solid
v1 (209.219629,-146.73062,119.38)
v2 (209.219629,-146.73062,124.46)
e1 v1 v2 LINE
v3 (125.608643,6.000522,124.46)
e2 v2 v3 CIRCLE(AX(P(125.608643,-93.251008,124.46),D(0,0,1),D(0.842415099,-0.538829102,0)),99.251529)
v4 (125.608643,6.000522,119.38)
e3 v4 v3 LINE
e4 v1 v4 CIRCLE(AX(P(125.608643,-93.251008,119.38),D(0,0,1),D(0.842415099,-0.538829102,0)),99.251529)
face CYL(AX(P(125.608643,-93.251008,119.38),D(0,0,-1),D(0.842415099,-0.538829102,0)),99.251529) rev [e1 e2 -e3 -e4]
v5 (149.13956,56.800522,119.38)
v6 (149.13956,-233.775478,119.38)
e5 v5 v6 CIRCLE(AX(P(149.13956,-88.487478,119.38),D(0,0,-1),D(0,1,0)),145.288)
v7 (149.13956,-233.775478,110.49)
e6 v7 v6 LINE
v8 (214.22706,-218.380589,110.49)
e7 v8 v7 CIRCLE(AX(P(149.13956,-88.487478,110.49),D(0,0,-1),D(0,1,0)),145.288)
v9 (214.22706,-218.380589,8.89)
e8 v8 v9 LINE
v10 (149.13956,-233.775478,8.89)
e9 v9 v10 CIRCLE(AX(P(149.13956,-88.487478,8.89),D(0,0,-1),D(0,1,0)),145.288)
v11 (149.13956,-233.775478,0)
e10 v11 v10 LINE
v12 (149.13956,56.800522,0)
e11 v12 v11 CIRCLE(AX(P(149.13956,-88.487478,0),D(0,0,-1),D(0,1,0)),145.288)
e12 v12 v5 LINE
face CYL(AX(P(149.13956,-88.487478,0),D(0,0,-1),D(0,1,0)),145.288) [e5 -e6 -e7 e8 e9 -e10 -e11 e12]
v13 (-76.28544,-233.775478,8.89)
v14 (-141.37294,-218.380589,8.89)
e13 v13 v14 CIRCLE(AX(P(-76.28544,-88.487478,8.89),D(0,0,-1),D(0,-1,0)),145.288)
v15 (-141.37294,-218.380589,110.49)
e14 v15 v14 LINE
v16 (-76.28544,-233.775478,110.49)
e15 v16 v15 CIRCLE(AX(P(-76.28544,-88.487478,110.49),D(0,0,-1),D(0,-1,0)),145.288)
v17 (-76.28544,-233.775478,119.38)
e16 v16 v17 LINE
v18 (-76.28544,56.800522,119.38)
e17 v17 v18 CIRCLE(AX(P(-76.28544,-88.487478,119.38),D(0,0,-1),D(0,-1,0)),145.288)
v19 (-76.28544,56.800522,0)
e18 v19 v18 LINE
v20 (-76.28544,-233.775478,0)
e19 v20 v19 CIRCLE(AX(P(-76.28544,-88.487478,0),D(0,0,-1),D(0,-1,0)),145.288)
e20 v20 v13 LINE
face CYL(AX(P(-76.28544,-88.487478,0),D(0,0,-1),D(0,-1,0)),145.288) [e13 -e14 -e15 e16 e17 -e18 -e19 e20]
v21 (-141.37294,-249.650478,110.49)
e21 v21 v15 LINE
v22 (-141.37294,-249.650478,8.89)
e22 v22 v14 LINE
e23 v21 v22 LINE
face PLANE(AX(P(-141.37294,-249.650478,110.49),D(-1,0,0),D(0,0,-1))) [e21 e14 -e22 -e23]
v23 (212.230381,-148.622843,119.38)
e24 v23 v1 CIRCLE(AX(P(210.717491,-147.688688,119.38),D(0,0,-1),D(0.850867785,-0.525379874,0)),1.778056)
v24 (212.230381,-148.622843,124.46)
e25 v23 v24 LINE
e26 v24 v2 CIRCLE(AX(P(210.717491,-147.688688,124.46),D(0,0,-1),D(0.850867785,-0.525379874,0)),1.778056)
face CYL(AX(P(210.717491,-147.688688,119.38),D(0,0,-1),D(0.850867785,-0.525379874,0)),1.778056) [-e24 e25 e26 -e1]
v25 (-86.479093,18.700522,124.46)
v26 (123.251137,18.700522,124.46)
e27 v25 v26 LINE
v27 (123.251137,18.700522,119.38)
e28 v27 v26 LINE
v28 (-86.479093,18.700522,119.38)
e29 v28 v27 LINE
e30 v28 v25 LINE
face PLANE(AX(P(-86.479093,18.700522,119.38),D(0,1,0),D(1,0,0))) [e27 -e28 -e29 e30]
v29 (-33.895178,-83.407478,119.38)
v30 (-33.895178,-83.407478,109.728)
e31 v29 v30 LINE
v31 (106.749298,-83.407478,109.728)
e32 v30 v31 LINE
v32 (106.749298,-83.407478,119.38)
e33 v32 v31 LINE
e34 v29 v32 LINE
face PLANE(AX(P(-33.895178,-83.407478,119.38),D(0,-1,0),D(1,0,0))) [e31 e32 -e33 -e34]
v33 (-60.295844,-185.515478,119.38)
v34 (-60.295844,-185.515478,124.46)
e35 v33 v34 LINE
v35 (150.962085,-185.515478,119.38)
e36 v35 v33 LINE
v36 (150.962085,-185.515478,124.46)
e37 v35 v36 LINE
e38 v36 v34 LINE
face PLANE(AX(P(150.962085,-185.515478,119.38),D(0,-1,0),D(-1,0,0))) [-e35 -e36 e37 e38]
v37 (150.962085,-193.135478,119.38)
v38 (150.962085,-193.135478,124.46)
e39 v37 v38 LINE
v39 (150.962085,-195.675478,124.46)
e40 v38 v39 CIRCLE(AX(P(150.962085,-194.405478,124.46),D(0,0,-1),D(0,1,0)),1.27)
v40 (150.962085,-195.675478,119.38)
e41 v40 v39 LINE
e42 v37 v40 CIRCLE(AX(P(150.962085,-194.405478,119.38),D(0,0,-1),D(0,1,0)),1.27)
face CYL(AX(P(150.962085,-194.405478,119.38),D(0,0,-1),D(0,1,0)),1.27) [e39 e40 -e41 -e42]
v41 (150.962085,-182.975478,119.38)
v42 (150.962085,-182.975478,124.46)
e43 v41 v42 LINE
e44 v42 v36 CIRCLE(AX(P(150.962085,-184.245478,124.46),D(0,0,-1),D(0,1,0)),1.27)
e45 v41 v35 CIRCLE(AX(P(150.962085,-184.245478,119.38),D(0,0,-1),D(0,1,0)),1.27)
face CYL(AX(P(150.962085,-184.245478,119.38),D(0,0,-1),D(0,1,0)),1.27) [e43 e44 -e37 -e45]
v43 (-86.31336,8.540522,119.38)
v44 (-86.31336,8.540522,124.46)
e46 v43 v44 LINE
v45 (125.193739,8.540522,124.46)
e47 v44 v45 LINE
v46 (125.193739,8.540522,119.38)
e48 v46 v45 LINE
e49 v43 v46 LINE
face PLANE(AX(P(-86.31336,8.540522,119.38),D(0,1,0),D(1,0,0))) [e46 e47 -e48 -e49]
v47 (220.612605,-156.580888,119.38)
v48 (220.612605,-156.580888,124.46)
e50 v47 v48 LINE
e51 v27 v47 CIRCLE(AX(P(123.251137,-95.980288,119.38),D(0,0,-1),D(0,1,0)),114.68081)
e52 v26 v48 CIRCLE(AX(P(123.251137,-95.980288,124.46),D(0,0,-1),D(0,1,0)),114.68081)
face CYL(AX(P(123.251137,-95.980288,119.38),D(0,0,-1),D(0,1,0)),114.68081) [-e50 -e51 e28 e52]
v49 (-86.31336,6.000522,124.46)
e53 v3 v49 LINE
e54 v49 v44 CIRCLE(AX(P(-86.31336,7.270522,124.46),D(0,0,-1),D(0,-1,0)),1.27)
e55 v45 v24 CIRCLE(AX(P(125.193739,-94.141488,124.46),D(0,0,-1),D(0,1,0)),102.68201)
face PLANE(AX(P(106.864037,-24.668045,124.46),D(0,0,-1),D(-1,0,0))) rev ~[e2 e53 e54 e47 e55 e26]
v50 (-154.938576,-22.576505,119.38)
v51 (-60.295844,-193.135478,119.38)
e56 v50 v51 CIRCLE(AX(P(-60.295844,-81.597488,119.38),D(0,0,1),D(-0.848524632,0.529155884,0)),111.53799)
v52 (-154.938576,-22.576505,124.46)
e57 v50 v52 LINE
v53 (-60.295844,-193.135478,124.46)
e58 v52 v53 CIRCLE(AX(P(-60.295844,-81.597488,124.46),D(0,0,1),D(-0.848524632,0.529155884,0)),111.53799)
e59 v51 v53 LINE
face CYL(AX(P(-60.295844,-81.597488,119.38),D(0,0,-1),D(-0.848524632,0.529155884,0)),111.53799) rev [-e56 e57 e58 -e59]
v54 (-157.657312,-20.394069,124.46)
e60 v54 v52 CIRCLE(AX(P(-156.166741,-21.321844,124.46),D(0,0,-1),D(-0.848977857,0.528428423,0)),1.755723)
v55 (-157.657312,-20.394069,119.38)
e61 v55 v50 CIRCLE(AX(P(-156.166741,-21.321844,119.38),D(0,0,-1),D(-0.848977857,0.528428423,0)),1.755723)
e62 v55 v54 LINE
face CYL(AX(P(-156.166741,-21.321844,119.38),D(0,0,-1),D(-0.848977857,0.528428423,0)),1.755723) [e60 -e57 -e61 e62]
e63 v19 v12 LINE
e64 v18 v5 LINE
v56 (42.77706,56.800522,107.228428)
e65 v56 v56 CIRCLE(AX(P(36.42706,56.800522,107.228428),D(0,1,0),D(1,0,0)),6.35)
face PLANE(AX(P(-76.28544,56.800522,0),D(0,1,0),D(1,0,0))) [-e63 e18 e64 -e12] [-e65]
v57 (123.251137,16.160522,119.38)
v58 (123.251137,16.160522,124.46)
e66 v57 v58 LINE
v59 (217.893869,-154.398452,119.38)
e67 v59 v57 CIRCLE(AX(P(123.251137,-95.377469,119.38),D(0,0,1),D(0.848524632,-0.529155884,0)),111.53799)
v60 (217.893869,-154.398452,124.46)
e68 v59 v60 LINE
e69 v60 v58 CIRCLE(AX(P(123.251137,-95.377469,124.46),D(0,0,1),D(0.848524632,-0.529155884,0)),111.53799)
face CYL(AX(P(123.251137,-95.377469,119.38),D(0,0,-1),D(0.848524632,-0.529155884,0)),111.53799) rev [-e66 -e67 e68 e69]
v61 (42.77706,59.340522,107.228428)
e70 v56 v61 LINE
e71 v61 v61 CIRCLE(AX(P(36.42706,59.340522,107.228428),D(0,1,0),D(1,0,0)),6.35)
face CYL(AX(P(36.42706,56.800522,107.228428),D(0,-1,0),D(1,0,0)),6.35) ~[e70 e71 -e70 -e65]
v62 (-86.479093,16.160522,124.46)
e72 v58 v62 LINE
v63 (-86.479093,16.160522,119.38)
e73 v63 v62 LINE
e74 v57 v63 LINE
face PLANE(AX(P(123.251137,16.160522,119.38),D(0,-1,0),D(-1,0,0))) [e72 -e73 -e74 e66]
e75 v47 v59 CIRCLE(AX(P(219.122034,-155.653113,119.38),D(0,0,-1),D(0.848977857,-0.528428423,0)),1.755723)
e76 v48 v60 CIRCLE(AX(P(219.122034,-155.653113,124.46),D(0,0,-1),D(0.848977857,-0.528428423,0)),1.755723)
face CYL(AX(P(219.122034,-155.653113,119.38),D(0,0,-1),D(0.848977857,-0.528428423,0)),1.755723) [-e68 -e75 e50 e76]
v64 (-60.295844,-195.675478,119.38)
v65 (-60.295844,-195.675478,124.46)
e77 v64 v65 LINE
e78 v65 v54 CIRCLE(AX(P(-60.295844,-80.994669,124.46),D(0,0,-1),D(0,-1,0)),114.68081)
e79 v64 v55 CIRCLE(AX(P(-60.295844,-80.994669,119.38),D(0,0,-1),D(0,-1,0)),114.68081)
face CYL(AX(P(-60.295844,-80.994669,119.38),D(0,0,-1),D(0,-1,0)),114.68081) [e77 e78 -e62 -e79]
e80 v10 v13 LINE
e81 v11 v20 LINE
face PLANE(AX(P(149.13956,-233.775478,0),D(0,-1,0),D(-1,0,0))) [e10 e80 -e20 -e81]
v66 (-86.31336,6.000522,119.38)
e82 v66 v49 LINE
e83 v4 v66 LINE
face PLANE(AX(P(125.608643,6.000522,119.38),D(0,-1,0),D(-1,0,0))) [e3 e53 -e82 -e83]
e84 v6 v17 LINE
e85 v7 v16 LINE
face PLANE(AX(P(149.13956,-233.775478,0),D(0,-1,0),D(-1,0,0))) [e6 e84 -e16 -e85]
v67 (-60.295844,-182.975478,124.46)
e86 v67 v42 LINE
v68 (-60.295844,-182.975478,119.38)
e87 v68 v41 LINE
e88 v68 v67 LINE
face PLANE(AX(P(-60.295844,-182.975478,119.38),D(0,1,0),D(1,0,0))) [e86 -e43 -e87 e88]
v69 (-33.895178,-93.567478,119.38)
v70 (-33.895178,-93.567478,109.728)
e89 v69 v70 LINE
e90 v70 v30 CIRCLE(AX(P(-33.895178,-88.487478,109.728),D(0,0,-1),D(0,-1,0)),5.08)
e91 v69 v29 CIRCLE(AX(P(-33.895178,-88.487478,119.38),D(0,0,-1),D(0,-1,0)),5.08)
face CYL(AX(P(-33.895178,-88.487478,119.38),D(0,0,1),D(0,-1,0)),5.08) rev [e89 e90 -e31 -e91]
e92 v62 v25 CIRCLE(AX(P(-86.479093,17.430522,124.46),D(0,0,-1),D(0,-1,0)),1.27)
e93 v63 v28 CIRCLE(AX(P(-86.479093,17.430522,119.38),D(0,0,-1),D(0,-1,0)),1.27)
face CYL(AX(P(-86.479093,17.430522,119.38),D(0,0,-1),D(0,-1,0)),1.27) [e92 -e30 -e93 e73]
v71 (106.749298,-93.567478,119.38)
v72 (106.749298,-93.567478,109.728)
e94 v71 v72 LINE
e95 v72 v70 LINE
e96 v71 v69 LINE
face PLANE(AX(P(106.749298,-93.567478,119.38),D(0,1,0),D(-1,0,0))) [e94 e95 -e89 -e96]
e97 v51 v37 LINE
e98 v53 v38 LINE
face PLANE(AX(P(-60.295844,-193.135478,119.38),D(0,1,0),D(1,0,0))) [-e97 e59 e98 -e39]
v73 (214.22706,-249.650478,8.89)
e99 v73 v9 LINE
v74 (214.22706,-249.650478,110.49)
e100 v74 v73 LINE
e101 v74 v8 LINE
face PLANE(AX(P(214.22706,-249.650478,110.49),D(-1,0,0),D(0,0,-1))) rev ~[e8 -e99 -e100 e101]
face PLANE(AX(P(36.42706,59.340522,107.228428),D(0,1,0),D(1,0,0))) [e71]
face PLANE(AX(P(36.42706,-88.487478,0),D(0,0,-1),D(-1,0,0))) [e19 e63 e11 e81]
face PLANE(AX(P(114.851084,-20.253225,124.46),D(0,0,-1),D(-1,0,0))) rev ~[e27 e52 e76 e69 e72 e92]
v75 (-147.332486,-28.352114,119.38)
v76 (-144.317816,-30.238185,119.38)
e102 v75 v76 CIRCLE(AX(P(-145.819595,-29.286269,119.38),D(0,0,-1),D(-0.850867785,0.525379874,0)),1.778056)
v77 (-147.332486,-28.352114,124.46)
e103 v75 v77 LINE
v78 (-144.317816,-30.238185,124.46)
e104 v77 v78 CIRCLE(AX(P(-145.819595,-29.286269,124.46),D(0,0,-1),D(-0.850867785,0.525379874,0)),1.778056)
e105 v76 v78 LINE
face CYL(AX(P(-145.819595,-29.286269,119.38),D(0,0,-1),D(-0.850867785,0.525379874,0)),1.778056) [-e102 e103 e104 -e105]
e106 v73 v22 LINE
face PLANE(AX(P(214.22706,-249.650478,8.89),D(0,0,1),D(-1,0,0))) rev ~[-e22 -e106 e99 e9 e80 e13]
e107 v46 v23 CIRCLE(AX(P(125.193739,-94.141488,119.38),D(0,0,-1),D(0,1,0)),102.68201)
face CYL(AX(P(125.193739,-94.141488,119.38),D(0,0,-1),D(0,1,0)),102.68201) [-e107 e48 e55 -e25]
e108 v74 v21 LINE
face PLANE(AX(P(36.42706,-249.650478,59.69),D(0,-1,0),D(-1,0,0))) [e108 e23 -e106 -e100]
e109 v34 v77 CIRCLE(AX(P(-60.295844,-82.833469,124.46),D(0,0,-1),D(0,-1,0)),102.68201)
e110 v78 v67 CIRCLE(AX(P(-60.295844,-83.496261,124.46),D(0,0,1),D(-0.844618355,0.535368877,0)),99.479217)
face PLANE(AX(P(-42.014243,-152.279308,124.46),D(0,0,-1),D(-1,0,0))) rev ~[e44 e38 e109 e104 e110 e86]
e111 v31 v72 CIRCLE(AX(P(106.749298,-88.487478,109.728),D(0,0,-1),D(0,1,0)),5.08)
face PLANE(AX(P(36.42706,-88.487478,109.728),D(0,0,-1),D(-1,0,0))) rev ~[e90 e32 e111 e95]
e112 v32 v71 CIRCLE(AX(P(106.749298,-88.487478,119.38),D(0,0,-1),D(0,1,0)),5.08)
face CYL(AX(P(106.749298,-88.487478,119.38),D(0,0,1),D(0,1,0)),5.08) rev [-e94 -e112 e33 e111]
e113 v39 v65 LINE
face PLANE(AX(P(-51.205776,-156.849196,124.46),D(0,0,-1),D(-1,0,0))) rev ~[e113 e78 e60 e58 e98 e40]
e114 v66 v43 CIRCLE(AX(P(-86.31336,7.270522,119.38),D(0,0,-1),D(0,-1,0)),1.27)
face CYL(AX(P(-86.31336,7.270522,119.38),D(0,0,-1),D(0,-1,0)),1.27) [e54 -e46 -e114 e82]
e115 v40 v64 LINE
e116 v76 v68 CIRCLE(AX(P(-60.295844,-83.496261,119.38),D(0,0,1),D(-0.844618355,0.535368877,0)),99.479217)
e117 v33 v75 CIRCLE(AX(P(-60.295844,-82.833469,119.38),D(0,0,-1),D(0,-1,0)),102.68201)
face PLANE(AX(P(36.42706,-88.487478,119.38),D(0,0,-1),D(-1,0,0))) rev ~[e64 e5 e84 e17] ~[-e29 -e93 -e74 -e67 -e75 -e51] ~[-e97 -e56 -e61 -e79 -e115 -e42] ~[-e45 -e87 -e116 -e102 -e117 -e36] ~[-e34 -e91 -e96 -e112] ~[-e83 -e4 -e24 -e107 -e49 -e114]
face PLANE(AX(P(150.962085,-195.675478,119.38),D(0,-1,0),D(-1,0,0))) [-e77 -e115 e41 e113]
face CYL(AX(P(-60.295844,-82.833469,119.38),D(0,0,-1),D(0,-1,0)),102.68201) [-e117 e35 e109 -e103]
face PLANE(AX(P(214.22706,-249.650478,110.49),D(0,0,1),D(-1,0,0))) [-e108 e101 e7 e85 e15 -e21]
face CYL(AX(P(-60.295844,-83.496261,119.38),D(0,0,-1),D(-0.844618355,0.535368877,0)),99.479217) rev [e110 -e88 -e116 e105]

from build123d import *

# Parameters (mm, degrees)
BOSS_EXTRUDE1_DEPTH = 119.38
SKETCH2_W           = 355.6
SKETCH2_H           = 101.6
BOSS_EXTRUDE2_DEPTH = 44.958
CUT_EXTRUDE1_DEPTH  = 9.652
SKETCH4_R           = 6.35
BOSS_EXTRUDE3_DEPTH = 2.54
BOSS_EXTRUDE4_DEPTH = 5.08


with BuildPart() as part:
    # Sketch1 → Boss-Extrude1 (new body)
    with BuildSketch(Plane.XY):
        with BuildLine():
            Line((-76.285439921, 56.800521538), (149.139560079, 56.800521538))
            ThreePointArc((149.139560079, 56.800521538), (294.427560079, -88.487478462), (149.139560079, -233.775478462))
            Line((149.139560079, -233.775478462), (-76.285439921, -233.775478462))
            ThreePointArc((-76.285439921, -233.775478462), (-221.573439921, -88.487478462), (-76.285439921, 56.800521538))
        make_face()
    extrude(amount=BOSS_EXTRUDE1_DEPTH)

    # Sketch2 → Boss-Extrude2 (add)
    with BuildSketch(Plane(origin=(0, -249.650478462, 0), x_dir=(-1, 0, 0), z_dir=(0, -1, 0))):
        with Locations((-36.427060079, -59.69)):
            Rectangle(SKETCH2_W, SKETCH2_H)
    extrude(amount=-BOSS_EXTRUDE2_DEPTH)

    # Sketch3 → Cut-Extrude1 (cut)
    with BuildSketch(Plane.XY.offset(119.38)):
        with BuildLine():
            Line((-33.895177701, -83.407478462), (106.749297859, -83.407478462))
            ThreePointArc((106.749297859, -83.407478462), (111.829297859, -88.487478462), (106.749297859, -93.567478462))
            Line((106.749297859, -93.567478462), (-33.895177701, -93.567478462))
            ThreePointArc((-33.895177701, -93.567478462), (-38.975177701, -88.487478462), (-33.895177701, -83.407478462))
        make_face()
    extrude(amount=-CUT_EXTRUDE1_DEPTH, mode=Mode.SUBTRACT)

    # Sketch4 → Boss-Extrude3 (add)
    with BuildSketch(Plane(origin=(0, 56.800521538, 0), x_dir=(1, 0, 0), z_dir=(0, 1, 0))):
        with Locations((36.427060079, -107.228428284)):
            Circle(SKETCH4_R)
    extrude(amount=BOSS_EXTRUDE3_DEPTH)

    # Sketch5 → Boss-Extrude4 (add)
    with BuildSketch(Plane.XY.offset(119.38)):
        with BuildLine():
            Line((-86.479093302, 18.700521538), (123.251136742, 18.700521538))
            ThreePointArc((123.251136742, 18.700521538), (223.504350955, -40.293834211), (220.612604828, -156.580887552))
            ThreePointArc((220.612604828, -156.580887552), (218.022957646, -157.022271916), (217.893868774, -154.398452419))
            ThreePointArc((217.893868774, -154.398452419), (220.780120028, -41.258888911), (123.251136742, 16.160521538))
            Line((123.251136742, 16.160521538), (-86.479093302, 16.160521538))
            ThreePointArc((-86.479093302, 16.160521538), (-87.749093302, 17.430521538), (-86.479093302, 18.700521538))
        make_face()
        with BuildLine():
            Line((-86.313359517, 8.540521538), (125.193739137, 8.540521538))
            ThreePointArc((125.193739137, 8.540521538), (215.020934696, -44.395432513), (212.23038132, -148.622843039))
            ThreePointArc((212.23038132, -148.622843039), (209.771349214, -149.194111608), (209.219629388, -146.730619796))
            ThreePointArc((209.219629388, -146.730619796), (212.668390329, -45.591104409), (125.608642701, 6.000521538))
            Line((125.608642701, 6.000521538), (-86.313359517, 6.000521538))
            ThreePointArc((-86.313359517, 6.000521538), (-87.583359517, 7.270521538), (-86.313359517, 8.540521538))
        make_face()
        with BuildLine():
            Line((150.962085254, -185.515478462), (-60.295843622, -185.515478462))
            ThreePointArc((-60.295843622, -185.515478462), (-150.123039181, -132.579524411), (-147.332485805, -28.352113885))
            ThreePointArc((-147.332485805, -28.352113885), (-144.876543413, -27.778907884), (-144.317816359, -30.238184654))
            ThreePointArc((-144.317816359, -30.238184654), (-147.45714929, -131.444373213), (-60.295843622, -182.975478462))
            Line((-60.295843622, -182.975478462), (150.962085254, -182.975478462))
            ThreePointArc((150.962085254, -182.975478462), (152.232085254, -184.245478462), (150.962085254, -185.515478462))
        make_face()
        with BuildLine():
            Line((150.962085254, -195.675478462), (-60.295843622, -195.675478462))
            ThreePointArc((-60.295843622, -195.675478462), (-160.549057836, -136.681122713), (-157.657311709, -20.394069372))
            ThreePointArc((-157.657311709, -20.394069372), (-155.067664526, -19.952685009), (-154.938575654, -22.576504505))
            ThreePointArc((-154.938575654, -22.576504505), (-157.824826909, -135.716068014), (-60.295843622, -193.135478462))
            Line((-60.295843622, -193.135478462), (150.962085254, -193.135478462))
            ThreePointArc((150.962085254, -193.135478462), (152.232085254, -194.405478462), (150.962085254, -195.675478462))
        make_face()
    extrude(amount=BOSS_EXTRUDE4_DEPTH)


solid = part.part
